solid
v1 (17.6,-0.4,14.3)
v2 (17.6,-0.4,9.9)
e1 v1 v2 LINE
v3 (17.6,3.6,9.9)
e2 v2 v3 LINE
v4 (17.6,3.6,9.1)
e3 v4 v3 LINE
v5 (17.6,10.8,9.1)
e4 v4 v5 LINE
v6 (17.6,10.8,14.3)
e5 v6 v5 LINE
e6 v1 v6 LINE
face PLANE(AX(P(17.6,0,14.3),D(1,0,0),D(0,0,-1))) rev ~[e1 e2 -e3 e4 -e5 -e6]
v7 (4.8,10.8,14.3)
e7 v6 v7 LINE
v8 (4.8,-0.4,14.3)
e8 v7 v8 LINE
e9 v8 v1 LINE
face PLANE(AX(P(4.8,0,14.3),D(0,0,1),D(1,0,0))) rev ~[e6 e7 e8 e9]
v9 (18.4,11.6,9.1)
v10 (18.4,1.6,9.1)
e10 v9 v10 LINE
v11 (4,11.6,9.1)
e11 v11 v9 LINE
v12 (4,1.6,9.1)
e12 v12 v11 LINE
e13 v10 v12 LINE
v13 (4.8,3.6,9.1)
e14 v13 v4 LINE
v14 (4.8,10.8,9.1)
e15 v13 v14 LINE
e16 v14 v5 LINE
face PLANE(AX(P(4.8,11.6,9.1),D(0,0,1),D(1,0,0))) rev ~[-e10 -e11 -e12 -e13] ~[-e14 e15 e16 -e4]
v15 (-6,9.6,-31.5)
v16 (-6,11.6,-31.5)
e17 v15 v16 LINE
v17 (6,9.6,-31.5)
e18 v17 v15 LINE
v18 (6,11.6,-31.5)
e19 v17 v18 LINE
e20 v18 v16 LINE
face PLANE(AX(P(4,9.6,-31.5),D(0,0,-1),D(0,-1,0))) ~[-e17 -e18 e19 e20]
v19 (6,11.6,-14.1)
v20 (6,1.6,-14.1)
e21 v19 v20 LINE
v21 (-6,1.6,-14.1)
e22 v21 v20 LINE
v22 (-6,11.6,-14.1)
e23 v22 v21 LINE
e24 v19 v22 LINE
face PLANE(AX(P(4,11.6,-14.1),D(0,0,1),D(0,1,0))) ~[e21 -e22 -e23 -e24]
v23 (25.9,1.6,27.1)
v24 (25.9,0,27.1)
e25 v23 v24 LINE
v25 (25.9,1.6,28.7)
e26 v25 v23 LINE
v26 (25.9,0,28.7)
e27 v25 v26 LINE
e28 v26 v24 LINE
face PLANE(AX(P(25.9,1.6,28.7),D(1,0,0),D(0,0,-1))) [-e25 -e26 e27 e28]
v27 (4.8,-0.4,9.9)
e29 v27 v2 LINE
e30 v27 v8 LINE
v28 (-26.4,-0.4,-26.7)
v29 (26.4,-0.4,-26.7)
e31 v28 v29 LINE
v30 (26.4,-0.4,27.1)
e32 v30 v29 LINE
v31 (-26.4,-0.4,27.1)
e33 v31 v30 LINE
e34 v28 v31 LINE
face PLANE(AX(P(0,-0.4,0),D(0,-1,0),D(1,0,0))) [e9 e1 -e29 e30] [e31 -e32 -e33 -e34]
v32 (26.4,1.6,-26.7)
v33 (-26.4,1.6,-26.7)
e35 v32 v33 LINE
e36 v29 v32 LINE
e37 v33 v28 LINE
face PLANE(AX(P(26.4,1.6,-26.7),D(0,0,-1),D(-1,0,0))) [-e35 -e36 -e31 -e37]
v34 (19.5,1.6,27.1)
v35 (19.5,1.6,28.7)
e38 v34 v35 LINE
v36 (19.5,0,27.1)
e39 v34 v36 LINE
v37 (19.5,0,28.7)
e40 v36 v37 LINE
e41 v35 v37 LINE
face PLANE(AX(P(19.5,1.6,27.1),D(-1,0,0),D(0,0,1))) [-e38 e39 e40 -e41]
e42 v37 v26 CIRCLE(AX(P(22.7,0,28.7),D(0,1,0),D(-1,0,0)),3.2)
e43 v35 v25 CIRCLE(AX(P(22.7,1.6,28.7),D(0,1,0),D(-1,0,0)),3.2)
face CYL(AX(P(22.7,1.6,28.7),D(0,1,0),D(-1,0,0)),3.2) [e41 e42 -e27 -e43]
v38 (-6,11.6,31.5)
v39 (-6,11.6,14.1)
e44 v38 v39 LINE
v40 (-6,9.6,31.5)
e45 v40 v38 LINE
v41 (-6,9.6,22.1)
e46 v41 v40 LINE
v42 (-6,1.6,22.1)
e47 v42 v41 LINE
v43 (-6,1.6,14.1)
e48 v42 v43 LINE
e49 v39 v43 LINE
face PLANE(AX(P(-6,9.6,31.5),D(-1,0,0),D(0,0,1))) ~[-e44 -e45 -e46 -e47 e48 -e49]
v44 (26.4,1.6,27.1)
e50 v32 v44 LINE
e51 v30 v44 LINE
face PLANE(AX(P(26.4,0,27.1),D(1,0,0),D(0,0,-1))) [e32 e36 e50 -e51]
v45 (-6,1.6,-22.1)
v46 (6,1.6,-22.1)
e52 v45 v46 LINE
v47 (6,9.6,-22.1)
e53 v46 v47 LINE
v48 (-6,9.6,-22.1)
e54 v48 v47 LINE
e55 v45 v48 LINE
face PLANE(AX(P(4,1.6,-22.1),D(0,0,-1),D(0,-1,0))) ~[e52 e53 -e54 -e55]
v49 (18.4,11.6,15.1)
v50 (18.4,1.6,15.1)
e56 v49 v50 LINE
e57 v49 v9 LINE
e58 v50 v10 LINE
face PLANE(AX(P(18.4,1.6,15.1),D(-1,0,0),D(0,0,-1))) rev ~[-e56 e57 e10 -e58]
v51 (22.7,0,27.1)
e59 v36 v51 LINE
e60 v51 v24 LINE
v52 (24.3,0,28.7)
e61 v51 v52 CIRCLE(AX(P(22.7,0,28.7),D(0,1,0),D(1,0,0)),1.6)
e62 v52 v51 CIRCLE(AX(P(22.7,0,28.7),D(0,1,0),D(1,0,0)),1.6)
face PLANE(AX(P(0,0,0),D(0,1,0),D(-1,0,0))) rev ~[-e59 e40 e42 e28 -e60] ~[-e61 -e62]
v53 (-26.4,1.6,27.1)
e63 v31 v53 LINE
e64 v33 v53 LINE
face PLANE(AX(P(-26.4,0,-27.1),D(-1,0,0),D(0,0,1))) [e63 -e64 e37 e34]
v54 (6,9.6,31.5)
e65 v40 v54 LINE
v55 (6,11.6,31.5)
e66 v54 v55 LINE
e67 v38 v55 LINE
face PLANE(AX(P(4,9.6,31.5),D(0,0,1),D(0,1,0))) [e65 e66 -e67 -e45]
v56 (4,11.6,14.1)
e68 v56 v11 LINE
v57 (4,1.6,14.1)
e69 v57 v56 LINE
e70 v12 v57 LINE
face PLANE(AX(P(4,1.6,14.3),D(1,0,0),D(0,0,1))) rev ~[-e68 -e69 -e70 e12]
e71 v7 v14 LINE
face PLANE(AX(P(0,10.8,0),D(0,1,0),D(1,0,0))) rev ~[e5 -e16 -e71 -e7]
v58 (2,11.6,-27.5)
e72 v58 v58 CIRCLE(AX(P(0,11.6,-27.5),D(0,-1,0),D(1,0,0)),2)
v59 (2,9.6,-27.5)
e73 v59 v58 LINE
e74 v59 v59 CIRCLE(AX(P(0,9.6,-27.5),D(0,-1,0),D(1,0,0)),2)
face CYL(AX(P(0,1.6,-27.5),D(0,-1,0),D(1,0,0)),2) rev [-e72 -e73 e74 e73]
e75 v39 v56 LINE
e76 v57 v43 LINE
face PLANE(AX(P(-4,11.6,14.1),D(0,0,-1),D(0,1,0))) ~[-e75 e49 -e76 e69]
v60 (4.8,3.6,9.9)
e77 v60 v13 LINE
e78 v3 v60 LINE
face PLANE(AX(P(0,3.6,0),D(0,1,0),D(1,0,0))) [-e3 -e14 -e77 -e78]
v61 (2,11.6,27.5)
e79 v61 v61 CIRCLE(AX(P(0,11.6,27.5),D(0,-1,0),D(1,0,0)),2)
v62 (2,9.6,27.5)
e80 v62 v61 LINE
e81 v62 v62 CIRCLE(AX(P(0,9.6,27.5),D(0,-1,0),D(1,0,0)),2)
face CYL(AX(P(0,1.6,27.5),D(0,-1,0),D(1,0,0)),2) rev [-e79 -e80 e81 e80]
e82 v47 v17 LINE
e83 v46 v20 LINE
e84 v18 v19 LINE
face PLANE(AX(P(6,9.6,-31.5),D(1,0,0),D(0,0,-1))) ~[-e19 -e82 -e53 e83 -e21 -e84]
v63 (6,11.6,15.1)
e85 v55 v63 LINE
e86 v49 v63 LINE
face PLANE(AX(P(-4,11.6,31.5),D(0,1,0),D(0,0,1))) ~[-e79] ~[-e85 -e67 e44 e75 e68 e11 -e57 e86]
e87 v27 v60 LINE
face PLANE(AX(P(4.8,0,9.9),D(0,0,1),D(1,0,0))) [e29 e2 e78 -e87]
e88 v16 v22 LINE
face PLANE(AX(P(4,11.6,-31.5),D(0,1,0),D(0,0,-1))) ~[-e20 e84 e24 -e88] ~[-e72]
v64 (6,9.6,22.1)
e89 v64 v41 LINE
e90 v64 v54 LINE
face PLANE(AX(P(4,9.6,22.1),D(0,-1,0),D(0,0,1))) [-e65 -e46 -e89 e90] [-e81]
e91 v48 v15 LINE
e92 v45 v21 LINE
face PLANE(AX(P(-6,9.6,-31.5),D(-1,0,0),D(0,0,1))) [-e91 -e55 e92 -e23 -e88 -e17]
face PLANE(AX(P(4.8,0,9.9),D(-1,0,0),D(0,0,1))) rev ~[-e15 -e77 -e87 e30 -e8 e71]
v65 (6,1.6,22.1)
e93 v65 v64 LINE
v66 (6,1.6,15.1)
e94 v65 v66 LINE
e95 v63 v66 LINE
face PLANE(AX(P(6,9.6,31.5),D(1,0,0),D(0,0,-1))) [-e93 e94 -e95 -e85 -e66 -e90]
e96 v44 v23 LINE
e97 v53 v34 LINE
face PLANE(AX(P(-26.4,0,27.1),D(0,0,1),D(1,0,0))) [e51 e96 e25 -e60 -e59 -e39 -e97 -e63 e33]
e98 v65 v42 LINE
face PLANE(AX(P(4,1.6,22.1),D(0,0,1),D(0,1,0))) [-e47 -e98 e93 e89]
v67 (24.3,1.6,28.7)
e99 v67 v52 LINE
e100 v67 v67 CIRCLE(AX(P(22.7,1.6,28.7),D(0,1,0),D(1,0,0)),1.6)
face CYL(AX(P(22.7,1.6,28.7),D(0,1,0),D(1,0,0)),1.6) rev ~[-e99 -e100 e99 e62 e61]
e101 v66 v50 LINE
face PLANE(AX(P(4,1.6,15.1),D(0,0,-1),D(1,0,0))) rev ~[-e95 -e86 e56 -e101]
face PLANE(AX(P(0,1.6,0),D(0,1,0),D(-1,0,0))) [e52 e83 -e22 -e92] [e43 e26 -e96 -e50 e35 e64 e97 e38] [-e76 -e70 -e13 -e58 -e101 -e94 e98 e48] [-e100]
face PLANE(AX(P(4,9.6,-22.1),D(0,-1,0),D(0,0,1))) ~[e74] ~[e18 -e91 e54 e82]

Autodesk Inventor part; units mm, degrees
ref_plane "YZ Plane" through (0, 0, 0) normal (1, 0, 0) x (0, 1, 0)
ref_plane "XZ Plane" through (0, 0, 0) normal (0, 1, 0) x (-1, 0, 0)
ref_plane "XY Plane" through (0, 0, 0) normal (0, 0, 1) x (1, 0, 0)
sketch "Szkic1" plane through (0, 0, 0) normal (0, 1, 0) x (-1, 0, 0)
  line L0 (26.7, -27.1) -> (-26.7, -27.1)
  line L1 (-26.7, -27.1) -> (-26.7, 27.1)
  line L2 (-26.7, 27.1) -> (26.7, 27.1)
  line L3 (26.7, 27.1) -> (26.7, -27.1)
  line L4 (26.7, -27.1) -> (-26.7, 27.1) construction
  line L5 (-26.7, -27.1) -> (26.7, 27.1) construction
  point P0 (0, 0)
  dimension "d0" = 53.4
  dimension "d1" = 54.2
extrude "Wyciągnięcie proste1" add sketch "Szkic1" along normal blind 1.6
sketch "Szkic11" plane through (0, 1.6, 0) normal (0, 1, 0) x (1, 0, 0)
  line L0 (-26.7, -27.1) -> (26.7, -27.1) projected
  line L1 (26.7, -27.1) -> (25.9, -27.1)
  line L2 (25.9, -27.1) -> (19.5, -27.1)
  line L3 (19.5, -27.1) -> (19.5, -28.7)
  line L4 (19.5, -28.7) -> (25.9, -28.7)
  line L5 (25.9, -28.7) -> (25.9, -27.1)
  arc A0 (19.5, -28.7) -> (25.9, -28.7) centre (22.7, -28.7) ccw
  point P0 (0, 0)
  dimension "d37" = 0.8
  dimension "d38" = 6.4
  dimension "d39" = 1.6
  dimension "d40" = 3.2
extrude "Wyciągnięcie proste10" add sketch "Szkic11" against normal blind 1.6
sketch "Szkic12" plane through (0, 1.6, 0) normal (0, 1, 0) x (1, 0, 0)
  arc A0 (19.5, -28.7) -> (25.9, -28.7) centre (22.7, -28.7) ccw projected
  circle A1 centre (22.7, -28.7) radius 1.6
  point P0 (0, 0)
  dimension "d43" = 3.2
extrude "Wyciągnięcie proste11" cut sketch "Szkic12" against normal through all
sketch "Szkic24" plane through (0, 1.6, 0) normal (0, 1, 0) x (1, 0, 0)
  line L0 (11.2, -12.1) -> (11.2, -27.1)
  line L1 (-26.7, -27.1) -> (19.5, -27.1) projected
  line L2 (11.2, -12.1) -> (26.2, -12.1) construction
  line L3 (11.2, -12.1) -> (26.7, -12.1)
  line L4 (26.7, -27.1) -> (26.7, 27.1) projected
  line L5 (11.2, -12.1) -> (26.7, -12.1) construction
  line L6 (4.8, -9.9) -> (17.6, -9.9)
  line L7 (17.6, -9.9) -> (17.6, -14.3)
  line L8 (17.6, -14.3) -> (4.8, -14.3)
  line L9 (4.8, -14.3) -> (4.8, -9.9)
  line L10 (4.8, -9.9) -> (17.6, -14.3) construction
  line L11 (17.6, -9.9) -> (4.8, -14.3) construction
  point P0 (0, 0)
  dimension "d104" = 15
  dimension "d105" = 90
  dimension "d106" = 15.5
  dimension "d107" = 0
  dimension "d108" = 12.8
  dimension "d109" = 4.4
extrude "Wyciągnięcie proste22" cut sketch "Szkic24" against normal through all
sketch "Szkic33" plane through (0, 1.6, 0) normal (0, 1, 0) x (1, 0, 0)
  line L0 (4.8, -14.3) -> (17.6, -14.3) projected
  line L1 (4, 4) -> (4, 25.6) projected
  line L2 (17.6, -14.3) -> (4, -14.3)
  line L3 (4, -14.3) -> (4, -15.1)
  line L4 (4, -15.1) -> (17.6, -15.1)
  line L5 (17.6, -15.1) -> (17.6, -14.3)
  line L6 (4, -15.1) -> (4.8, -15.1)
  line L7 (4.8, -15.1) -> (4.8, -9.1)
  line L8 (4.8, -9.1) -> (4, -9.1)
  line L9 (4, -9.1) -> (4, -15.1)
  line L10 (17.6, -15.1) -> (18.4, -15.1)
  line L11 (18.4, -15.1) -> (18.4, -9.1)
  line L12 (18.4, -9.1) -> (17.6, -9.1)
  line L13 (17.6, -9.1) -> (17.6, -15.1)
  point P0 (0, 0)
  point P1 (4, -21.6)
  point P2 (4, -10)
  point P3 (17.6, -14.3)
  point P4 (4, -10)
  dimension "d139" = 0.8
  dimension "d140" = 6
  dimension "d141" = 0.8
extrude "Wyciągnięcie proste30" add sketch "Szkic33" along normal blind 10
sketch "Szkic34" plane through (0, 1.6, 0) normal (0, 1, 0) x (1, 0, 0)
  line L0 (17.6, -9.9) -> (4.8, -9.9) projected
  line L1 (4.8, -14.3) -> (4.8, -9.1) projected
  line L2 (17.6, -9.9) -> (4.8, -9.9)
  line L3 (4.8, -9.9) -> (4.8, -9.1)
  line L4 (4.8, -9.1) -> (17.6, -9.1)
  line L5 (17.6, -9.1) -> (17.6, -9.9)
  point P0 (0, 0)
extrude "Wyciągnięcie proste31" add sketch "Szkic34" along normal blind 2
sketch "Szkic35" plane through (0, 11.6, 0) normal (0, 1, 0) x (1, 0, 0)
  line L0 (4.8, -9.1) -> (4, -9.1) projected
  line L1 (18.4, -15.1) -> (4, -15.1)
  line L2 (4, -15.1) -> (4, -9.1)
  line L3 (4, -9.1) -> (18.4, -9.1)
  line L4 (18.4, -9.1) -> (18.4, -15.1)
  point P0 (0, 0)
  point P1 (4.8, -9.1)
extrude "Wyciągnięcie proste32" add sketch "Szkic35" against normal blind 0.8
sketch "Szkic49" plane through (26.7, 0, 27.1) normal (1, 0, 0) x (0, 0, -1)
  line L0 (54.2, 0) -> (54.2, 1.6) projected
  line L1 (0, 0) -> (54.2, 0)
  line L2 (54.2, 0) -> (54.2, 1.6)
  line L3 (54.2, 1.6) -> (0, 1.6)
  line L4 (0, 1.6) -> (0, 0)
  point P0 (27.1, 0)
extrude "Wyciągnięcie proste41" cut sketch "Szkic49" against normal blind 0.3
sketch "Szkic50" plane through (-26.7, 0, -27.1) normal (-1, 0, 0) x (0, 0, 1)
  line L0 (0, 1.6) -> (0, 0) projected
  line L1 (0, 0) -> (54.2, 0) projected
  line L2 (0, 1.6) -> (54.2, 1.6)
  line L3 (54.2, 1.6) -> (54.2, 0)
  line L4 (54.2, 0) -> (0, 0)
  line L5 (0, 0) -> (0, 1.6)
  point P0 (27.1, 0)
extrude "Wyciągnięcie proste42" cut sketch "Szkic50" against normal blind 0.3
sketch "Szkic57" plane through (0, 0, 0) normal (0, -1, 0) x (1, 0, 0)
  line L0 (-26.4, -27.1) -> (-26.4, 27.1) projected
  line L1 (-26.4, 27.1) -> (26.4, 27.1)
  line L2 (26.4, 27.1) -> (26.4, -27.1)
  line L3 (26.4, -27.1) -> (-26.4, -27.1)
  line L4 (-26.4, -27.1) -> (-26.4, 27.1)
  line L5 (4.8, 14.3) -> (17.6, 14.3) projected
  line L6 (4.8, 9.9) -> (17.6, 9.9) projected
  line L7 (4.8, 14.3) -> (17.6, 14.3)
  line L8 (17.6, 14.3) -> (17.6, 9.9)
  line L9 (17.6, 9.9) -> (4.8, 9.9)
  line L10 (4.8, 9.9) -> (4.8, 14.3)
  point P0 (0, 0)
  point P1 (17.6, 14.3)
extrude "Wyciągnięcie proste48" add sketch "Szkic57" along normal blind 0.4
sketch "Szkic62" plane through (26.4, 1.6, -27.1) normal (0, 0, -1) x (-1, 0, 0)
  line L0 (52.8, 0) -> (52.8, -2) projected
  line L1 (52.8, -2) -> (0, -2)
  line L2 (0, -2) -> (0, 0)
  line L3 (0, 0) -> (52.8, 0)
  line L4 (52.8, 0) -> (52.8, -2)
  point P0 (26.4, -1.6)
extrude "Wyciągnięcie proste52" cut sketch "Szkic62" against normal blind 0.4
sketch "Szkic63" plane through (0, 1.6, 0) normal (0, 1, 0) x (1, 0, 0)
  line L0 (0, 0) -> (0, 27.5)
  line L1 (0, 0) -> (27.5, 0) construction
  circle A0 centre (0, 27.5) radius 2
  line L2 (0, 0) -> (0, -27.5)
  line L3 (0, 0) -> (27.5, 0) construction
  circle A1 centre (0, -27.5) radius 2
  dimension "d235" = 27.5
  dimension "d236" = 90
  dimension "d237" = 4
  dimension "d238" = 27.5
  dimension "d239" = 90
  dimension "d240" = 4
sketch "Szkic64" plane through (0, 1.6, 0) normal (0, 1, 0) x (1, 0, 0)
  line L0 (26.4, 26.7) -> (-26.4, 26.7) projected
  line L1 (0, 26.7) -> (0, 25.1)
  line L2 (0, 25.1) -> (-4, 25.1)
  line L3 (-4, 25.1) -> (-4, 18.7)
  line L4 (-4, 18.7) -> (0, 18.7)
  line L5 (0, 18.7) -> (0, 25.1)
  point P0 (0, 0)
  dimension "d241" = 1.6
  dimension "d242" = 4
  dimension "d243" = 6.4
extrude "Wyciągnięcie proste53" add sketch "Szkic64" along normal blind 8
mirror "Odbij11" about plane through (0, 0, 0) normal (1, 0, 0) of "Wyciągnięcie proste53"
sketch "Szkic65" plane through (0, 9.6, 0) normal (0, 1, 0) x (1, 0, 0)
  line L0 (-4, 25.1) -> (4, 25.1) projected
  line L1 (-4, 25.1) -> (4, 25.1)
  line L2 (4, 25.1) -> (4, 31.5)
  line L3 (4, 31.5) -> (-4, 31.5)
  line L4 (-4, 31.5) -> (-4, 25.1)
  point P0 (0, 0)
  dimension "d246" = 6.4
extrude "Wyciągnięcie proste54" add sketch "Szkic65" along normal blind 2
mirror "Odbij12" about plane through (0, 0, 0) normal (0, 0, 1) of "Wyciągnięcie proste53", "Odbij11", "Wyciągnięcie proste54"
extrude "Wyciągnięcie proste55" cut sketch "Szkic63" along normal through all
sketch "Szkic66" plane through (0, 9.6, 0) normal (0, 1, 0) x (1, 0, 0)
  line L0 (-4, 18.7) -> (-4, 25.1) projected
  line L1 (-4, 25.1) -> (4, 25.1) projected
  line L2 (-4, 18.7) -> (4, 18.7)
  line L3 (4, 18.7) -> (4, 25.1)
  line L4 (4, 25.1) -> (-4, 25.1)
  line L5 (-4, 25.1) -> (-4, 18.7)
  line L6 (-4, -25.1) -> (-4, -18.7) projected
  line L7 (-4, -25.1) -> (4, -25.1) projected
  line L8 (-4, -18.7) -> (4, -18.7)
  line L9 (4, -18.7) -> (4, -25.1)
  line L10 (4, -25.1) -> (-4, -25.1)
  line L11 (-4, -25.1) -> (-4, -18.7)
  point P0 (0, 0)
extrude "Wyciągnięcie proste56" add sketch "Szkic66" along normal blind 2
sketch "Szkic67" plane through (4, 1.6, -25.1) normal (0, 0, -1) x (-1, 0, 0)
  line L0 (0, 8) -> (8, 8) projected
  line L1 (8, 0) -> (0, 0) projected
  line L2 (8, 8) -> (0, 8)
  line L3 (0, 8) -> (0, 0)
  line L4 (0, 0) -> (8, 0)
  line L5 (8, 0) -> (8, 8)
  point P0 (4, -1.6)
extrude "Wyciągnięcie proste57" cut sketch "Szkic67" against normal blind 3
sketch "Szkic68" plane through (-4, 1.6, -18.7) normal (0, 0, 1) x (1, 0, 0)
  line L0 (8, 0) -> (8, 10) projected
  line L1 (8, 0) -> (0, 0) projected
  line L2 (8, 10) -> (0, 10)
  line L3 (0, 10) -> (0, 0)
  line L4 (0, 0) -> (8, 0)
  line L5 (8, 0) -> (8, 10)
  point P0 (4, -1.6)
extrude "Wyciągnięcie proste58" add sketch "Szkic68" along normal blind 4.6
sketch "Szkic69" plane through (-4, 9.6, -31.5) normal (-1, 0, 0) x (0, 0, 1)
  line L0 (17.4, 2) -> (17.4, -8) projected
  line L1 (17.4, 2) -> (17.4, -8)
  line L2 (9.4, -8) -> (17.4, -8) projected
  line L3 (17.4, -8) -> (9.4, -8)
  line L4 (9.4, -8) -> (9.4, 0) projected
  line L5 (9.4, -8) -> (9.4, 0)
  line L6 (0, 0) -> (0, 2) projected
  line L7 (9.4, 0) -> (0, 0)
  line L8 (0, 0) -> (0, 2)
  line L9 (0, 2) -> (17.4, 2) projected
  line L10 (0, 2) -> (17.4, 2)
  point P0 (31.5, -9.6)
extrude "Wyciągnięcie proste59" add sketch "Szkic69" along normal blind 2
mirror "Odbij13" about plane through (0, 0, 0) normal (1, 0, 0) of "Wyciągnięcie proste59"
mirror "Odbij14" about plane through (0, 0, 0) normal (0, 0, 1) of "Wyciągnięcie proste56", "Wyciągnięcie proste57", "Wyciągnięcie proste58", "Wyciągnięcie proste59", "Odbij13"
sketch "Szkic70" plane through (4.8, 1.6, 14.3) normal (0, -1, 0) x (1, 0, 0)
  line L0 (0, -0.2) -> (1.2, -0.2) projected
  line L1 (1.2, -0.2) -> (0, -0.2)
  line L2 (0, -0.2) -> (0, 0)
  line L3 (0, 0) -> (1.2, 0)
  line L4 (1.2, 0) -> (1.2, -0.2)
  point P0 (-4.8, -14.3)
extrude "Wyciągnięcie proste60" cut sketch "Szkic70" against normal up to surface (9.2 mm away)
properties part number "uchwyt2"
